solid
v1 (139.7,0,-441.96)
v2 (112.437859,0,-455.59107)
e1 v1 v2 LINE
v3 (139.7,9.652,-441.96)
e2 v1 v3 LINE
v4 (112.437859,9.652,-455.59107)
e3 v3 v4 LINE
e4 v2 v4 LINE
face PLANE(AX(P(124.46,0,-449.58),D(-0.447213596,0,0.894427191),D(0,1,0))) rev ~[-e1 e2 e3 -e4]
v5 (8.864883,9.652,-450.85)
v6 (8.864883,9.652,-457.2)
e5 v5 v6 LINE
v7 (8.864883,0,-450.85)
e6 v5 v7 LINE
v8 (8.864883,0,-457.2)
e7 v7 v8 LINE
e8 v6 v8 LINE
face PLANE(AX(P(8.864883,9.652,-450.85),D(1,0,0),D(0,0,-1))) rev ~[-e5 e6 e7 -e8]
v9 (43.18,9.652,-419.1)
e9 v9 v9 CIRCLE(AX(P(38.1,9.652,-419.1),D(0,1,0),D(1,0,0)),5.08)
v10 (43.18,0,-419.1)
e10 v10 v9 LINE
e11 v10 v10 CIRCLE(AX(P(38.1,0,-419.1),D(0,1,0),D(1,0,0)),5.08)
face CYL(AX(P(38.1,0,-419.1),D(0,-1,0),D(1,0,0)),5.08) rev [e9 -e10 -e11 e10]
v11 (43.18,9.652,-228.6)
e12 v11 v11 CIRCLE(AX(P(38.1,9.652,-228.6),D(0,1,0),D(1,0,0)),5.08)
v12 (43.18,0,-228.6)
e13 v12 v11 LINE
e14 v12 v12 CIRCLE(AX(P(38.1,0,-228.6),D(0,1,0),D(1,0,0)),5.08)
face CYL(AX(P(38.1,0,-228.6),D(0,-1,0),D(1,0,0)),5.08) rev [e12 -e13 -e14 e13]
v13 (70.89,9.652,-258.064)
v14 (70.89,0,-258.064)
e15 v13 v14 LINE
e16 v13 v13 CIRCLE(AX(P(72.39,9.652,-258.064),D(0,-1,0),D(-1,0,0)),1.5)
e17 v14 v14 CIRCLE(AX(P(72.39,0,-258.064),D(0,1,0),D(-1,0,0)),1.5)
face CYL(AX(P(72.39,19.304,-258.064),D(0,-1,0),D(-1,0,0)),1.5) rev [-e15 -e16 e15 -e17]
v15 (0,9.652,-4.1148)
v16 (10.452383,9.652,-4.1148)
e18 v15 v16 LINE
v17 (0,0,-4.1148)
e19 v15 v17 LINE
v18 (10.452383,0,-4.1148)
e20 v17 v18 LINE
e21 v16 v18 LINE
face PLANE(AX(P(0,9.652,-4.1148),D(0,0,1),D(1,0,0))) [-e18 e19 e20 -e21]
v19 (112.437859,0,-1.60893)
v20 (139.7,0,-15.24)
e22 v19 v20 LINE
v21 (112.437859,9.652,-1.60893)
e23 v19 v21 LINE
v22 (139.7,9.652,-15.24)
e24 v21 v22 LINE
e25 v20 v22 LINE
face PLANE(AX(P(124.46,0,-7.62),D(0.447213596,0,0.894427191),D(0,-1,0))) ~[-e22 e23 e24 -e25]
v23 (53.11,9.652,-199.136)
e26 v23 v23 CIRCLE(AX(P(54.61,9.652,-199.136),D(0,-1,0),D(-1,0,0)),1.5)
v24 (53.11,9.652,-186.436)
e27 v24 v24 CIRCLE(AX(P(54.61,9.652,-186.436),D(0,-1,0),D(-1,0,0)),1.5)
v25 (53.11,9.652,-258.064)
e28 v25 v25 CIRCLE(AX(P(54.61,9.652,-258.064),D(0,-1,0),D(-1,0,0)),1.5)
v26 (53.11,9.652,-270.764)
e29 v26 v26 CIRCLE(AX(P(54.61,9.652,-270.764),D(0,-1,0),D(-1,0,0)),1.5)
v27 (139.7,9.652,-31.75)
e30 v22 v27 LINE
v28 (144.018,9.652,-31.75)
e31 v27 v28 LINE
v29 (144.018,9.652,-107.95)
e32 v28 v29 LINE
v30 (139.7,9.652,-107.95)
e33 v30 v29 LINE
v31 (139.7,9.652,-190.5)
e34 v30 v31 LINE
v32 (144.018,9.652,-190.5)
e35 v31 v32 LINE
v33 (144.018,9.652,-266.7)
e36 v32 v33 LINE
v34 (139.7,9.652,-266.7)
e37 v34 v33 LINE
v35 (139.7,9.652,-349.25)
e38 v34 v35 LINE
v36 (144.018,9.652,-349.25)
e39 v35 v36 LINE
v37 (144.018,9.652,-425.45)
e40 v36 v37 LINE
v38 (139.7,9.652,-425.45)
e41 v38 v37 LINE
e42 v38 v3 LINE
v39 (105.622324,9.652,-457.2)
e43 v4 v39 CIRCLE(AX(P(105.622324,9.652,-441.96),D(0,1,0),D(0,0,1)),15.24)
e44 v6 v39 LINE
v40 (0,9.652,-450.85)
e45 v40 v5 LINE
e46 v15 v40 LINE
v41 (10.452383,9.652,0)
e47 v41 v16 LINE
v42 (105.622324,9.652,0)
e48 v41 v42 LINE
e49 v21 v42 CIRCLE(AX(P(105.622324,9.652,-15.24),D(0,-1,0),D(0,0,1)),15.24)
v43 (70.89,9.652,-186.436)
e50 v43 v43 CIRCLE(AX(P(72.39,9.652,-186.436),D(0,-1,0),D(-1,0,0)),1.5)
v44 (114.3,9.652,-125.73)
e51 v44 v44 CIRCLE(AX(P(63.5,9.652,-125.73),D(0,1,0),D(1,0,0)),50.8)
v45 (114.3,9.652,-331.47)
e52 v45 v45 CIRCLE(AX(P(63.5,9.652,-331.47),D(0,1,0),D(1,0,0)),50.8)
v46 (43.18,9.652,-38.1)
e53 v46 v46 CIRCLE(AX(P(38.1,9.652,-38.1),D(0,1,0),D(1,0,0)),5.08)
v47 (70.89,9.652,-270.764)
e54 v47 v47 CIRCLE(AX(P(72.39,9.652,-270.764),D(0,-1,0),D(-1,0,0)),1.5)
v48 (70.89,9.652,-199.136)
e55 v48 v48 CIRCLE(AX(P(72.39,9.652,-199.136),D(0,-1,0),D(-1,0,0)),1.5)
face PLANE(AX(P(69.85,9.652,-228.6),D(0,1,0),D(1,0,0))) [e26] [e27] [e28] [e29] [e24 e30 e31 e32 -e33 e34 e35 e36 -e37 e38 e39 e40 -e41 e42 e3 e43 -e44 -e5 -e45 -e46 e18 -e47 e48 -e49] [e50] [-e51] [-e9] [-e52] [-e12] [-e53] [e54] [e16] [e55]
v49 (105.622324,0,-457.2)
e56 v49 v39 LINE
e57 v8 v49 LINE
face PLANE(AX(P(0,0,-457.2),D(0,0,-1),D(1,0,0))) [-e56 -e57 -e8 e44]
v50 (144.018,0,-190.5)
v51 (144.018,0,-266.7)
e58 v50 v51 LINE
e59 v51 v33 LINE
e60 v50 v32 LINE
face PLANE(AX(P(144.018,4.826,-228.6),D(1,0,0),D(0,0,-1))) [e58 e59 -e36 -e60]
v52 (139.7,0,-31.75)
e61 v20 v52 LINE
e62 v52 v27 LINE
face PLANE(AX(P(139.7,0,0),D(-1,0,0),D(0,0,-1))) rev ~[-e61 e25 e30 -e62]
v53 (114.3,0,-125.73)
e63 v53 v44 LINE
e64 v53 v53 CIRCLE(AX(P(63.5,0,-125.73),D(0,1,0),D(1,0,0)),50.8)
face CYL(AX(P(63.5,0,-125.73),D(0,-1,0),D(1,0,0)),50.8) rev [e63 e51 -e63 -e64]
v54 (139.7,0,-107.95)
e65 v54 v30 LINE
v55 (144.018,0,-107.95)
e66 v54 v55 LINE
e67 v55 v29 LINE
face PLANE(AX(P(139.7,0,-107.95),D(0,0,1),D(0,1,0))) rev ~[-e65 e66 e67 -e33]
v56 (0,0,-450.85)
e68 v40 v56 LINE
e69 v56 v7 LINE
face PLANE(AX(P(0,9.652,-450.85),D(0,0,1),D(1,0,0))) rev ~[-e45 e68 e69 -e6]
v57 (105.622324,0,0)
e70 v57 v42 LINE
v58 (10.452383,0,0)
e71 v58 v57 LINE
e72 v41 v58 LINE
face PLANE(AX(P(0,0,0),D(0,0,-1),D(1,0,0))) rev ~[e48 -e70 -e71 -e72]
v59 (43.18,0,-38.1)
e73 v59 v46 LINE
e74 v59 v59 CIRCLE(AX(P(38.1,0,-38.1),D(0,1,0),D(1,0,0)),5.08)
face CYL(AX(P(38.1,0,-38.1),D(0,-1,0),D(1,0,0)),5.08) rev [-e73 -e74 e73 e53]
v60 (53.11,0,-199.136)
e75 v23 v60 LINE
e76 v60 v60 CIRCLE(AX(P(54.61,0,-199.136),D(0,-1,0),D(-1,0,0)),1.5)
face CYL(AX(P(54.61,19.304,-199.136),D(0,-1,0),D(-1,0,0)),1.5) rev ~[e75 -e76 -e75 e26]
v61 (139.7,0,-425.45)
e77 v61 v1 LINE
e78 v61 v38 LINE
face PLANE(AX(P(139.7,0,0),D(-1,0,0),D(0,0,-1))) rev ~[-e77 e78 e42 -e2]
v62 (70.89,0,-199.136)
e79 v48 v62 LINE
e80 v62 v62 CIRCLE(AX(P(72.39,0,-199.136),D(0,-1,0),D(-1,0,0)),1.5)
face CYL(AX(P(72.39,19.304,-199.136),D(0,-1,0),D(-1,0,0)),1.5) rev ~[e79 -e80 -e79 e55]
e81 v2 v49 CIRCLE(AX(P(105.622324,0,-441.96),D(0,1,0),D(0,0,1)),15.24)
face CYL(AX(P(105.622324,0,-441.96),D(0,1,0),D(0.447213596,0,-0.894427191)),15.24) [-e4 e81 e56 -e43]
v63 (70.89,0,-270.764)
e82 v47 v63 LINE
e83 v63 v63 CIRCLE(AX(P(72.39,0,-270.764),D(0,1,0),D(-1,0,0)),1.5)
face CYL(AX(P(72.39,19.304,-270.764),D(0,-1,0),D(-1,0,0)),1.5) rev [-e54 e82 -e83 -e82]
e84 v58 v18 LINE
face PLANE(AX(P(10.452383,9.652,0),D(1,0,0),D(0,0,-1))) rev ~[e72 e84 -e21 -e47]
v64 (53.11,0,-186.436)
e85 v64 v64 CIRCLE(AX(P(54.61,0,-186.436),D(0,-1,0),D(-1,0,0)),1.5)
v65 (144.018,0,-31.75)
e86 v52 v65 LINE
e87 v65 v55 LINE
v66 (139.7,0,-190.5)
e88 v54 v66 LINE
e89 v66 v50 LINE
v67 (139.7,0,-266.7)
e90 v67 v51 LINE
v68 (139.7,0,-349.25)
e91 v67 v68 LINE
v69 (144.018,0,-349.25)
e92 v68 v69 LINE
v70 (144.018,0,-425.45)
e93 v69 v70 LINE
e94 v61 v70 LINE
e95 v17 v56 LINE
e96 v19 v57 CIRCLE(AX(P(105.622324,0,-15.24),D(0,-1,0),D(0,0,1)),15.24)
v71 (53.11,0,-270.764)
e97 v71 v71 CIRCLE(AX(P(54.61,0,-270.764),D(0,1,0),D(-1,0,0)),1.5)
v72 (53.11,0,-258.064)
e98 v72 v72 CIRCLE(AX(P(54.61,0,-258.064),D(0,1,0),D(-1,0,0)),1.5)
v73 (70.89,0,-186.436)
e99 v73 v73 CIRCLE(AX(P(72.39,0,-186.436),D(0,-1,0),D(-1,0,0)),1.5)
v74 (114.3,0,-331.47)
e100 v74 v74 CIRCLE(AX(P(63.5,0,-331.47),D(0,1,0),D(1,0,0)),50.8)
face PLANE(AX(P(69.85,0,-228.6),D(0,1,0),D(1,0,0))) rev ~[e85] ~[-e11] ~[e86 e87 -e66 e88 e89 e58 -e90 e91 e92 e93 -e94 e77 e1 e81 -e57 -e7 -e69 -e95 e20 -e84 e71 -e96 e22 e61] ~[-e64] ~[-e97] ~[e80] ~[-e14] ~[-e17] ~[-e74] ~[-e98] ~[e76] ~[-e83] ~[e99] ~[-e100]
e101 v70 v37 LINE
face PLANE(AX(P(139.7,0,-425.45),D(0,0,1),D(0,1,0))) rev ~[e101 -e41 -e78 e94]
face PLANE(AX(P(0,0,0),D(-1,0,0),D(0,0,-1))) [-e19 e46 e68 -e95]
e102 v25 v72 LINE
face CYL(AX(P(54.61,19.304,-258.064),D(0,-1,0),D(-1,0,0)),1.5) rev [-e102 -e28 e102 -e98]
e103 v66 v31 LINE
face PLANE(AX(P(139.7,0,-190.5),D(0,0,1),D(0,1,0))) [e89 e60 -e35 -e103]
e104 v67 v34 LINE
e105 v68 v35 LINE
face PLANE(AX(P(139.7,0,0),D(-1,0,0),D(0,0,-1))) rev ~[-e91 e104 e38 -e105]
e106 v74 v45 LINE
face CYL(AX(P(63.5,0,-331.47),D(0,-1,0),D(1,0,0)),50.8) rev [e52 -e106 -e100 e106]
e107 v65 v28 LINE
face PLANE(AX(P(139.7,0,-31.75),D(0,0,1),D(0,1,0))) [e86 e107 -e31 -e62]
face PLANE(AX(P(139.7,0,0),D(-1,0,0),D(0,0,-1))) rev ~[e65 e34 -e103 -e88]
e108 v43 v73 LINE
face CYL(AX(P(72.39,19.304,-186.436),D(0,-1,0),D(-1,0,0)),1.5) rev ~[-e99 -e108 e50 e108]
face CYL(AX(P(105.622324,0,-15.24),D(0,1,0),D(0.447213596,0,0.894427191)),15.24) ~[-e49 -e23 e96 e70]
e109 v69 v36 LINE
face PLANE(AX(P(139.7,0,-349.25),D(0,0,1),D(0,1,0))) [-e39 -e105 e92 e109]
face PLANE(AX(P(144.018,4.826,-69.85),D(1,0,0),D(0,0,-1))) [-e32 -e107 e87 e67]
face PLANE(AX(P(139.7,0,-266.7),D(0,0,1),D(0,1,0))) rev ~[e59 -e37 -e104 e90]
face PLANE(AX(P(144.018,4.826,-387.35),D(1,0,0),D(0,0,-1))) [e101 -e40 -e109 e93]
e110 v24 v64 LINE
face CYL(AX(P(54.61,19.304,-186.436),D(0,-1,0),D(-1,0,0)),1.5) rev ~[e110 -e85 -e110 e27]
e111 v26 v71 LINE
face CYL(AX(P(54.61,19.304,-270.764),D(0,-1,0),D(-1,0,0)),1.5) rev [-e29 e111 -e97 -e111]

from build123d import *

# Parameters (mm, degrees)
SKETCH1_W                    = 139.7
SKETCH1_H                    = 457.2
SKETCH1_R                    = 50.8
SKETCH1_R_2                  = 5.08
BOSS_EXTRUDE1_DEPTH          = 9.652
SKETCH4_W                    = 10.452383168
SKETCH4_H                    = 4.1148
SKETCH4_W_2                  = 8.864883168
SKETCH4_H_2                  = 6.35
CUT_EXTRUDE1_DEPTH           = 10.652
CHAMFER1_SIZE                = 15.24
CHAMFER1_SIZE2               = 30.48
CHAMFER2_SIZE                = 30.48
CHAMFER2_SIZE2               = 15.24
FILLET2_R                    = 15.24
SKETCH5_W                    = 76.2
SKETCH5_H                    = 9.652
BOSS_EXTRUDE2_DEPTH          = 4.318
F_3_0_3_DIAMETER_HOLE1_D     = 3
F_3_0_3_DIAMETER_HOLE1_DEPTH = 9.652


with BuildPart() as part:
    # Sketch1 → Boss-Extrude1 (new body)
    with BuildSketch(Plane(origin=(0, 0, 0), x_dir=(1, 0, 0), z_dir=(0, 1, 0))):
        with Locations((69.85, 228.6)):
            Rectangle(SKETCH1_W, SKETCH1_H)
        with Locations((63.5, 125.73)):
            Circle(SKETCH1_R, mode=Mode.SUBTRACT)
        with Locations((38.1, 38.1)):
            Circle(SKETCH1_R_2, mode=Mode.SUBTRACT)
        with Locations((38.1, 419.1)):
            Circle(SKETCH1_R_2, mode=Mode.SUBTRACT)
        with Locations((63.5, 331.47)):
            Circle(SKETCH1_R, mode=Mode.SUBTRACT)
        with Locations((38.1, 228.6)):
            Circle(SKETCH1_R_2, mode=Mode.SUBTRACT)
    extrude(amount=BOSS_EXTRUDE1_DEPTH)

    # Sketch4 → Cut-Extrude1 (cut, through all)
    with BuildSketch(Plane(origin=(0, 9.652, 0), x_dir=(1, 0, 0), z_dir=(0, 1, 0))):
        with Locations((5.226191584, 2.0574)):
            Rectangle(SKETCH4_W, SKETCH4_H)
        with Locations((4.432441584, 454.025)):
            Rectangle(SKETCH4_W_2, SKETCH4_H_2)
    extrude(amount=-CUT_EXTRUDE1_DEPTH, mode=Mode.SUBTRACT)

    # Chamfer1
    chamfer1_edges = [part.edges().sort_by_distance(p)[0] for p in [
        (139.7, 4.826, -457.2),
    ]]
    chamfer1_side = [part.faces().sort_by_distance(p)[0] for p in [
        (139.7, 4.826, -228.6),
    ]]
    chamfer(chamfer1_edges, length=CHAMFER1_SIZE, length2=CHAMFER1_SIZE2, reference=chamfer1_side[0])

    # Chamfer2
    chamfer2_edges = [part.edges().sort_by_distance(p)[0] for p in [
        (139.7, 4.826, 0),
    ]]
    chamfer2_side = [part.faces().sort_by_distance(p)[0] for p in [
        (75.076191584, 4.826, 0),
    ]]
    chamfer(chamfer2_edges, length=CHAMFER2_SIZE, length2=CHAMFER2_SIZE2, reference=chamfer2_side[0])

    # Fillet2
    fillet2_edges = [part.edges().sort_by_distance(p)[0] for p in [
        (109.22, 4.826, -457.2),
        (109.22, 4.826, 0),
    ]]
    fillet(fillet2_edges, radius=FILLET2_R)

    # Sketch5 → Boss-Extrude2 (add)
    with BuildSketch(Plane(origin=(139.7, 0, 0), x_dir=(0, 0, -1), z_dir=(1, 0, 0))):
        with Locations((69.85, 4.826)):
            Rectangle(SKETCH5_W, SKETCH5_H)
        with Locations((228.6, 4.826)):
            Rectangle(SKETCH5_W, SKETCH5_H)
        with Locations((387.35, 4.826)):
            Rectangle(SKETCH5_W, SKETCH5_H)
    extrude(amount=BOSS_EXTRUDE2_DEPTH)

    # Ø3.0 (3) Diameter Hole1
    with Locations(Plane(origin=(0, 9.652, 0), x_dir=(1, 0, 0), z_dir=(0, 1, 0))):
        with Locations((72.39, 186.436), (54.61, 186.436), (54.61, 199.136), (72.39, 199.136)):
            f_3_0_3_diameter_hole1 = Hole(F_3_0_3_DIAMETER_HOLE1_D / 2, depth=F_3_0_3_DIAMETER_HOLE1_DEPTH)

    # Mirror1: Ø3.0 (3) Diameter Hole1 across plane
    add(f_3_0_3_diameter_hole1.mirror(Plane.XY.offset(-228.6)), mode=Mode.SUBTRACT)


solid = part.part
